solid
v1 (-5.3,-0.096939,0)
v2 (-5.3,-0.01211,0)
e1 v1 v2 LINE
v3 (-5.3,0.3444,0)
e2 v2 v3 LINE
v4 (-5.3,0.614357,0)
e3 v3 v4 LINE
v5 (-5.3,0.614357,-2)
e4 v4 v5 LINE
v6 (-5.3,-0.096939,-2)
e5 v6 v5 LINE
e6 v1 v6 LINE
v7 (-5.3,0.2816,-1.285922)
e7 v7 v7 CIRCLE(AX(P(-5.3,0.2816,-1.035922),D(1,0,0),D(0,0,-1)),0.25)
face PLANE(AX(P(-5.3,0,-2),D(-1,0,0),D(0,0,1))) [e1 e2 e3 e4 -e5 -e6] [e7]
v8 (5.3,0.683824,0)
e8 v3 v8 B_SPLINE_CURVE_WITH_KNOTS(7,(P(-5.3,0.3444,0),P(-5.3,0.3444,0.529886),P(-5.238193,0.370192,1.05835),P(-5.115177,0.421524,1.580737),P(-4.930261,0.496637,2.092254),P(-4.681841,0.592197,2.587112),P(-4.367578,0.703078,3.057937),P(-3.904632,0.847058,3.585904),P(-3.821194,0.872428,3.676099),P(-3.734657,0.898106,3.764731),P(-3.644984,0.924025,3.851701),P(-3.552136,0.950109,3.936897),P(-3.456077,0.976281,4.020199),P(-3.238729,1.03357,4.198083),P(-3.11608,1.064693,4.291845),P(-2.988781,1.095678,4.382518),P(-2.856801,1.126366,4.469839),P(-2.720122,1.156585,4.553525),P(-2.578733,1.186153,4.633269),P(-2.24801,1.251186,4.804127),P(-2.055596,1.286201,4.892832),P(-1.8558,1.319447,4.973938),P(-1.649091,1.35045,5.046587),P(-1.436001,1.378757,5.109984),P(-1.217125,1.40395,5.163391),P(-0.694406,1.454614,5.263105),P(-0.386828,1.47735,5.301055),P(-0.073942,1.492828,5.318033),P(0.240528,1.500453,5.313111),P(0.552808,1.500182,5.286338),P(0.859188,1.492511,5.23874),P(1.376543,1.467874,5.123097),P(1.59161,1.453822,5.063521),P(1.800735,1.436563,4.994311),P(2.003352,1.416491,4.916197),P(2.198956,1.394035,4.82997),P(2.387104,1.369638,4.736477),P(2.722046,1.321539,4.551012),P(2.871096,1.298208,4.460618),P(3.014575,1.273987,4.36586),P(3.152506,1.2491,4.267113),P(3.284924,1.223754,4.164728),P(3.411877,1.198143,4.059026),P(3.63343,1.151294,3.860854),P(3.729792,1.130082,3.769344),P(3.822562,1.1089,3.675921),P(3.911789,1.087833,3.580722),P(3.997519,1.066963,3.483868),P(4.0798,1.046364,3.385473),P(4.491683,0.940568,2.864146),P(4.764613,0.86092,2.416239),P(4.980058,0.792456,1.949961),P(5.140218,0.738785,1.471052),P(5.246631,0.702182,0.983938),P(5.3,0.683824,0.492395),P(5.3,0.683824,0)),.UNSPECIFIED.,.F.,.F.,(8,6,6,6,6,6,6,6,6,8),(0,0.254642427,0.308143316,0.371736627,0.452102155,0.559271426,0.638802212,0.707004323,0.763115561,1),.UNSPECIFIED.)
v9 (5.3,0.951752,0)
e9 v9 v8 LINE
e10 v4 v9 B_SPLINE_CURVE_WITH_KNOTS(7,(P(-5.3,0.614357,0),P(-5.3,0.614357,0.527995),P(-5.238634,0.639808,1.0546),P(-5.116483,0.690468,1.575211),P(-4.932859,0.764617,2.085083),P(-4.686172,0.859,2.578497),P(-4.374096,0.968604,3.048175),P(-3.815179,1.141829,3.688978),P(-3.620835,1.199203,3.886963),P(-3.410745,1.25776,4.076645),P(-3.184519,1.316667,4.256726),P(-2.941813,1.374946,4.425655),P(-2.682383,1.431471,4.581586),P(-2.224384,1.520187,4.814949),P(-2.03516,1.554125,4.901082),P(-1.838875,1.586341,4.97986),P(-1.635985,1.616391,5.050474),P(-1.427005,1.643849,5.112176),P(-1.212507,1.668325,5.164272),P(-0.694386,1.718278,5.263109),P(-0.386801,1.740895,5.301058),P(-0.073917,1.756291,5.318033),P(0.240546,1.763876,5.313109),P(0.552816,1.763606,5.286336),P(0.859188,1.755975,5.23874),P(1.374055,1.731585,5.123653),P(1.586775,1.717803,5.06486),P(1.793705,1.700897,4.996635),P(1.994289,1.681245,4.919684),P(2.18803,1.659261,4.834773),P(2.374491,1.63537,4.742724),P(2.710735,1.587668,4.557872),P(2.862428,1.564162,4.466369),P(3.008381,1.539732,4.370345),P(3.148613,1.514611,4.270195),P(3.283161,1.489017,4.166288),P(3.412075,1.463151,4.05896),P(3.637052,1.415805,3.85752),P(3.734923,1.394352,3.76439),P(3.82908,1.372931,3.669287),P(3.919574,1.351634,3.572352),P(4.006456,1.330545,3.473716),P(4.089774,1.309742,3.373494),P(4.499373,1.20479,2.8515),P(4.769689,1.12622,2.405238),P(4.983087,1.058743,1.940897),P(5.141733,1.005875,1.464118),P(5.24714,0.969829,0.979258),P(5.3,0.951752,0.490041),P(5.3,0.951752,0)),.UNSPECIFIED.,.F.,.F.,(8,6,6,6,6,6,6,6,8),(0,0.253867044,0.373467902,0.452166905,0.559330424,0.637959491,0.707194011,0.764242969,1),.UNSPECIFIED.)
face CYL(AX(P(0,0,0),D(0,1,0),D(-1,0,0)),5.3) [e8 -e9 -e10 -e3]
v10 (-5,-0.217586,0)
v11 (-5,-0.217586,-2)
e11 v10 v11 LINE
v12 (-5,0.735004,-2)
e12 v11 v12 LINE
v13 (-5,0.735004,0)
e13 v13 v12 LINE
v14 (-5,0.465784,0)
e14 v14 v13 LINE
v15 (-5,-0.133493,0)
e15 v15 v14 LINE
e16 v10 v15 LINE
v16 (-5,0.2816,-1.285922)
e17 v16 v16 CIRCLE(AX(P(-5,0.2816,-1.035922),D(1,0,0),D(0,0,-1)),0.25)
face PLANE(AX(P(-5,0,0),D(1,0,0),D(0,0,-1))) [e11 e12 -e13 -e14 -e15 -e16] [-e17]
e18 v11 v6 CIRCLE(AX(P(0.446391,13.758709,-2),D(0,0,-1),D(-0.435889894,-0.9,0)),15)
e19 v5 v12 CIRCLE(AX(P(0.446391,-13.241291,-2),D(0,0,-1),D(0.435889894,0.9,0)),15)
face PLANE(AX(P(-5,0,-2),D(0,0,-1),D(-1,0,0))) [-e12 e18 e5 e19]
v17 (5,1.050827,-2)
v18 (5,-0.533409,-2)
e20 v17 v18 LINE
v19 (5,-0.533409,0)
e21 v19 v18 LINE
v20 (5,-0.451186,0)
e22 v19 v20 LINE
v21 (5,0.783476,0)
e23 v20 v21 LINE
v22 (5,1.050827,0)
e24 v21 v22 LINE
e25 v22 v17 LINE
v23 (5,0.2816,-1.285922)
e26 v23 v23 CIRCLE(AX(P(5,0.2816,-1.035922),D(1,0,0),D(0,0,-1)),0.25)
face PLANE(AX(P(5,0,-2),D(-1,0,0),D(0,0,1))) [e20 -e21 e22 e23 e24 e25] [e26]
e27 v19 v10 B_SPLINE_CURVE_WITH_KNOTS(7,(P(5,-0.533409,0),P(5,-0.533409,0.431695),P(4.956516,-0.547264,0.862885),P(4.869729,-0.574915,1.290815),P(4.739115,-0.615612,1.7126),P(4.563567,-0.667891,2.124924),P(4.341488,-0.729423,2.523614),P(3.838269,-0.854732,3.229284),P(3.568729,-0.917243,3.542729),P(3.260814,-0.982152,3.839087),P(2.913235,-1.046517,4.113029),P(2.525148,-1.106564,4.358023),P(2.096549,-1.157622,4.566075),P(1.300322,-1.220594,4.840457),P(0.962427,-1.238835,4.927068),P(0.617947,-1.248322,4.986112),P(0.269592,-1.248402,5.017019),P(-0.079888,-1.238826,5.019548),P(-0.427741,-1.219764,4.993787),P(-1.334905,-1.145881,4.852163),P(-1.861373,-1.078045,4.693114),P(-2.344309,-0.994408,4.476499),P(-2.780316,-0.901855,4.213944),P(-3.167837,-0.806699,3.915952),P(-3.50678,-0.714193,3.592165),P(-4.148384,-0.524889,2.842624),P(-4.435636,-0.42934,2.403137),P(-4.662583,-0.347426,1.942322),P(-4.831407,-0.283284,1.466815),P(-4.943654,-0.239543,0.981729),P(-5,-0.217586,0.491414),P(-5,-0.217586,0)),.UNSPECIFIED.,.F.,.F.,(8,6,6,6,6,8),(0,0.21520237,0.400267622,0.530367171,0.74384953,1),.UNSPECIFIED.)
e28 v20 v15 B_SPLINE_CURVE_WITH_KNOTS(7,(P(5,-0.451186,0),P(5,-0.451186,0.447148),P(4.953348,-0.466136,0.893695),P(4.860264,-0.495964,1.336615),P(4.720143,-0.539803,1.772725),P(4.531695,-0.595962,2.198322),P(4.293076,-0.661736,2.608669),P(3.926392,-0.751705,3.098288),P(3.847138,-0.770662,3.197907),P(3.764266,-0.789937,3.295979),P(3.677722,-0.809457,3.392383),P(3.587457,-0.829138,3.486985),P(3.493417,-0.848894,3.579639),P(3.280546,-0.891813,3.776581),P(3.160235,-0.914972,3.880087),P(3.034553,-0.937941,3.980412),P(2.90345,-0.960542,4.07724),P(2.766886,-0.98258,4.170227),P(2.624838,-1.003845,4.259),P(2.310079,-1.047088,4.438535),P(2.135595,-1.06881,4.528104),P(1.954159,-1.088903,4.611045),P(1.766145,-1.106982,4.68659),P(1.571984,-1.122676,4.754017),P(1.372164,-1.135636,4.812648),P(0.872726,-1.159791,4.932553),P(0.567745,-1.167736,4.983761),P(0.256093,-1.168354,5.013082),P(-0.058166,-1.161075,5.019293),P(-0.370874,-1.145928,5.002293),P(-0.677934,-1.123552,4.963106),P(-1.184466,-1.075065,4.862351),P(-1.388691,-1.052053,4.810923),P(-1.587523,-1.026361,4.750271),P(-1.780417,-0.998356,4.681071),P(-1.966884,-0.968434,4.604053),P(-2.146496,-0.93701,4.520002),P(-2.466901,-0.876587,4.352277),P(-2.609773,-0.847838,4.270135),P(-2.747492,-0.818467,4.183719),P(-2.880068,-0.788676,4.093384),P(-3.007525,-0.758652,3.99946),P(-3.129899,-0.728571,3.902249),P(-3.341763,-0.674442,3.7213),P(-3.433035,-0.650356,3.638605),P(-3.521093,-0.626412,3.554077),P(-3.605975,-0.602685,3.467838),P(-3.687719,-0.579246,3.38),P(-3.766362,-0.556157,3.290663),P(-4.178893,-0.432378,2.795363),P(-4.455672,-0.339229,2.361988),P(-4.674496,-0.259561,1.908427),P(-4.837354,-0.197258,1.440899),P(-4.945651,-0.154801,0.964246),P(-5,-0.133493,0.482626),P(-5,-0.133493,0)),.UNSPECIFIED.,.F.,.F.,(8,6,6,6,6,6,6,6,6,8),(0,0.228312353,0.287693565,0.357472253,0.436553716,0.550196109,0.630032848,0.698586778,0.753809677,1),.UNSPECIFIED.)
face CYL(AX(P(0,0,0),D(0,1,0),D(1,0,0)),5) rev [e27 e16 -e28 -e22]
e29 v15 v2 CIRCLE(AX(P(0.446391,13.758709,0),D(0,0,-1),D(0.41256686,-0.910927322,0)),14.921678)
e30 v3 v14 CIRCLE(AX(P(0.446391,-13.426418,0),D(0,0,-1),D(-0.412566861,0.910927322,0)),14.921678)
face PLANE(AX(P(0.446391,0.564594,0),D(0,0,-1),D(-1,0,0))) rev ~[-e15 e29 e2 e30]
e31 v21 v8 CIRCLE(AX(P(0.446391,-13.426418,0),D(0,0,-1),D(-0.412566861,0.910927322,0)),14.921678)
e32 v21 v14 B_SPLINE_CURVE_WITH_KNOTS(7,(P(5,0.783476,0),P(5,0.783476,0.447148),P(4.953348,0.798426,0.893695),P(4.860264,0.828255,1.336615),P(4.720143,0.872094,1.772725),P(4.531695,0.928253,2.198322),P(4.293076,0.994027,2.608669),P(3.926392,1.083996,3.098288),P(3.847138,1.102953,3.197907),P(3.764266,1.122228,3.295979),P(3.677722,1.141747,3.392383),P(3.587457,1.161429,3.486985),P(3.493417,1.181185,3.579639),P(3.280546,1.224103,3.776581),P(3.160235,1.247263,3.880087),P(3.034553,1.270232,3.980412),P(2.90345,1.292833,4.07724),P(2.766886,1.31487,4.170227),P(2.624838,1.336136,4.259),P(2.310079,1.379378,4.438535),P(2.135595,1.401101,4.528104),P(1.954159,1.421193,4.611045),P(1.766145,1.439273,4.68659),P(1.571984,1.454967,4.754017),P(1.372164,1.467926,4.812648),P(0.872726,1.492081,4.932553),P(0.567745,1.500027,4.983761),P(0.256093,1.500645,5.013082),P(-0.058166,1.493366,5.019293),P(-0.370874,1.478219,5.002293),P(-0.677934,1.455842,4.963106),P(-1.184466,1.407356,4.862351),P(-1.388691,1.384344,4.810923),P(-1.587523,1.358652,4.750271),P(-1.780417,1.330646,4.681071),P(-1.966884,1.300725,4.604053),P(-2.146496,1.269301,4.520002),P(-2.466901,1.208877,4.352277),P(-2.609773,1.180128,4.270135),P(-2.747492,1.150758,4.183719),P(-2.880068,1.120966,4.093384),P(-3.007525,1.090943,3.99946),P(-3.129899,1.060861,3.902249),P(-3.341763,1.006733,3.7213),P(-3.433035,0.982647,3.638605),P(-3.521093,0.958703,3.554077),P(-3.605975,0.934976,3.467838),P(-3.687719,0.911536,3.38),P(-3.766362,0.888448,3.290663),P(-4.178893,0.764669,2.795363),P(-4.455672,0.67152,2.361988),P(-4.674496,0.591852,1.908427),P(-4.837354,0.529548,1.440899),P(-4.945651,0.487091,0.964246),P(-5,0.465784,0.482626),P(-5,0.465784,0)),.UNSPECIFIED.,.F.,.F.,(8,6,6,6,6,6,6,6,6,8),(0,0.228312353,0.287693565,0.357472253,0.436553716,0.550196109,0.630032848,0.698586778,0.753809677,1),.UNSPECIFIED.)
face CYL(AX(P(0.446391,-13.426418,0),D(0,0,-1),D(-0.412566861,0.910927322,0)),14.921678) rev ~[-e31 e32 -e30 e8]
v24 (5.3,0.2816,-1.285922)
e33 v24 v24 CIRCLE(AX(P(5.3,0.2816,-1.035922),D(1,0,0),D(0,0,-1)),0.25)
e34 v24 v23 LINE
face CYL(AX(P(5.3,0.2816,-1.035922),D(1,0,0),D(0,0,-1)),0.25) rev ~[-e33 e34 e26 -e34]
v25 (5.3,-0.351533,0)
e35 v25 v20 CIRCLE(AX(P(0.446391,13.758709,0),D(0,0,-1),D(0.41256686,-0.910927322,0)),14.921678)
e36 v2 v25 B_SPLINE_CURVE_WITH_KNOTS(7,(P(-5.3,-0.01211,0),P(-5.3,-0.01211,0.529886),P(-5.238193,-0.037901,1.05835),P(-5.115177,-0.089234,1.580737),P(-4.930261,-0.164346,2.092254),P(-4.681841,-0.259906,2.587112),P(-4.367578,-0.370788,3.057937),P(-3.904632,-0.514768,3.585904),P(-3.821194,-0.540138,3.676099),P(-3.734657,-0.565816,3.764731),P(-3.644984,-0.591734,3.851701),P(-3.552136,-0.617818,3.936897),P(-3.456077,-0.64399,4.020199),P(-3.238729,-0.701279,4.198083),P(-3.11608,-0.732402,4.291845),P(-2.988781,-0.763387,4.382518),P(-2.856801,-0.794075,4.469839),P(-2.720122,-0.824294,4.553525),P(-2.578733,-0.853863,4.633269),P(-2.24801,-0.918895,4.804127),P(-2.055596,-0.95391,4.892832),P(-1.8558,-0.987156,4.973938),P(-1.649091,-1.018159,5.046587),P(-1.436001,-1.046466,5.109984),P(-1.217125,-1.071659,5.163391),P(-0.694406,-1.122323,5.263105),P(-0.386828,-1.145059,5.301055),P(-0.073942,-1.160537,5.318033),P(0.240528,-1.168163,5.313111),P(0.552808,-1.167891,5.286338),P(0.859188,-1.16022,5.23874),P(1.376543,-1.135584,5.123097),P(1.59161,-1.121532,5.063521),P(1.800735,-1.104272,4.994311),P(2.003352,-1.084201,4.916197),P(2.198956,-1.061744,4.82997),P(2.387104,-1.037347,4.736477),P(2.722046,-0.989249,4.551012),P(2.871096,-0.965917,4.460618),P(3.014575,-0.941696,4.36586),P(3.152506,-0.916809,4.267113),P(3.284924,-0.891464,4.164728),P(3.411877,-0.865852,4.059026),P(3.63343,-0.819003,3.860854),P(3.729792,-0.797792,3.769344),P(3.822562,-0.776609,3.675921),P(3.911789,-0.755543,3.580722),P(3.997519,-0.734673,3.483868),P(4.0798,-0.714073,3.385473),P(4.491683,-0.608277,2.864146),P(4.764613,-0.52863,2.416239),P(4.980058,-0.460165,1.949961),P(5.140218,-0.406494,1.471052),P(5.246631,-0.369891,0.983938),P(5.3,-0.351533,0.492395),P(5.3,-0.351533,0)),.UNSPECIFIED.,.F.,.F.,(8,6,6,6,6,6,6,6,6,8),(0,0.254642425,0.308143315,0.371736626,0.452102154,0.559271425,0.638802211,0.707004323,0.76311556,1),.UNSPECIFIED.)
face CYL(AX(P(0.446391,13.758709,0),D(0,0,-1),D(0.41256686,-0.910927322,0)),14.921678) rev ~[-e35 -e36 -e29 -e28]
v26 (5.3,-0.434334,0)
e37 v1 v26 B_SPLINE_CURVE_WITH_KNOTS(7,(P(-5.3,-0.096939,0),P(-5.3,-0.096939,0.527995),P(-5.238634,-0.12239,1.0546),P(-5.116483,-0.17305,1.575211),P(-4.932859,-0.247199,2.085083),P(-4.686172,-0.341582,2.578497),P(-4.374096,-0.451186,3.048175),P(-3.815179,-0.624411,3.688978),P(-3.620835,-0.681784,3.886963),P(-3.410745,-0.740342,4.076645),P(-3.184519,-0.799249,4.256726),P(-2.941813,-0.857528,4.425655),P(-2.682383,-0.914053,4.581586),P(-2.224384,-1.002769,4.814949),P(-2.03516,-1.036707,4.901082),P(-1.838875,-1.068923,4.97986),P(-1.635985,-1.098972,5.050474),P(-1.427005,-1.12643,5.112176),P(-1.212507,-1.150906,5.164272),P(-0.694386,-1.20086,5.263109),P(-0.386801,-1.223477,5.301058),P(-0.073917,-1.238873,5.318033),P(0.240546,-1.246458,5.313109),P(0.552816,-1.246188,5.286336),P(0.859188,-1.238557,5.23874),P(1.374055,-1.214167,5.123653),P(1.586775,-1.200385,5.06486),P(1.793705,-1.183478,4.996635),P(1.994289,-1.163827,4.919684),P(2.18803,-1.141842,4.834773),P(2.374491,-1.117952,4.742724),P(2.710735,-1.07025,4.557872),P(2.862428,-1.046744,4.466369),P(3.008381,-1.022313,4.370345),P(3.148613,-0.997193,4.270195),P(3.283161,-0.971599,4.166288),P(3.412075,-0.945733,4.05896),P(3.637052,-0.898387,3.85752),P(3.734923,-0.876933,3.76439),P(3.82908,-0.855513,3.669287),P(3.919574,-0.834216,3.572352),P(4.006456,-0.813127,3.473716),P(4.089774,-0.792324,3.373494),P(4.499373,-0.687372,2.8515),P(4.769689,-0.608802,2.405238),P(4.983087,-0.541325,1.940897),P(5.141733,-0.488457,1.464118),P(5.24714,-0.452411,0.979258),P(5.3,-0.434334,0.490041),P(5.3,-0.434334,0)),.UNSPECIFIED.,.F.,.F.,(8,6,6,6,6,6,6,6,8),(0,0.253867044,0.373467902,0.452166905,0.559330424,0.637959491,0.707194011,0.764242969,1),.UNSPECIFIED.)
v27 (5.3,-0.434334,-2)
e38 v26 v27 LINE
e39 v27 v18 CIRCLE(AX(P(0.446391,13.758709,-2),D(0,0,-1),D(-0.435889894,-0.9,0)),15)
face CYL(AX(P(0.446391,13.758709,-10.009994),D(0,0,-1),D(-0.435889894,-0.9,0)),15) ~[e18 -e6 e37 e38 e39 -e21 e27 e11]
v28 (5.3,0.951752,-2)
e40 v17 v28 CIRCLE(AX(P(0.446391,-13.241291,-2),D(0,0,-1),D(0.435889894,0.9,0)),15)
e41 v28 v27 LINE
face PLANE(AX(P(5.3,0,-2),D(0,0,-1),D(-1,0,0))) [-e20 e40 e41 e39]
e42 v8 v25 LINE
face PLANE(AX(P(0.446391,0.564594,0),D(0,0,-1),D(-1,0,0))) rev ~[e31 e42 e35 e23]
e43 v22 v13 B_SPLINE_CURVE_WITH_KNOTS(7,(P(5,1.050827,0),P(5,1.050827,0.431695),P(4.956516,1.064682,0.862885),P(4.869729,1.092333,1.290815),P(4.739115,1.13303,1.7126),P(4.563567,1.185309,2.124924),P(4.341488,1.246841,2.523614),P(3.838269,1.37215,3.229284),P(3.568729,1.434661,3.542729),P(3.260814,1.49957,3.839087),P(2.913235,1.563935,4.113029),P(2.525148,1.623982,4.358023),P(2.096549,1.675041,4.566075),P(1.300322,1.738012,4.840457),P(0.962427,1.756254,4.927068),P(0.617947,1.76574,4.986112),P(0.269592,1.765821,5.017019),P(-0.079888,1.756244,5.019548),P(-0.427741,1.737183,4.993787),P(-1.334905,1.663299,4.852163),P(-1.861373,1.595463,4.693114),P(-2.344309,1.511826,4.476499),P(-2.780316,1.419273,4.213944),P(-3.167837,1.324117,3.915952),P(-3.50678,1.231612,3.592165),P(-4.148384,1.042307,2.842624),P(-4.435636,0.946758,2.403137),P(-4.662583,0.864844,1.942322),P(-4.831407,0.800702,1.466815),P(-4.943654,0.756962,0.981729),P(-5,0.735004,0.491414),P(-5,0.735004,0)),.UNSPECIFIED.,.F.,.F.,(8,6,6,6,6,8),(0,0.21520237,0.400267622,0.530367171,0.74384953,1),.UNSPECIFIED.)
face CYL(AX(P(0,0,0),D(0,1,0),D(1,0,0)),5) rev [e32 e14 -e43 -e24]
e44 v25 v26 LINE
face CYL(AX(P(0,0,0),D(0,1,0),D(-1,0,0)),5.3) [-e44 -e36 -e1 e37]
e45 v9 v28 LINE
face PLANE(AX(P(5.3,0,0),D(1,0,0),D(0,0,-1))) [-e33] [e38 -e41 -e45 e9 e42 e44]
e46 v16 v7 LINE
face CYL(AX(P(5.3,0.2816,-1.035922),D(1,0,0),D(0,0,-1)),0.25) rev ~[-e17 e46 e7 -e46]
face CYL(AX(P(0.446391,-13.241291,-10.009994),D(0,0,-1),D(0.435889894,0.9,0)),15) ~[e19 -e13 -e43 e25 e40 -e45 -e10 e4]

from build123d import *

# Parameters (mm, degrees)
EXTRUDE_1_DEPTH          = 5
CUT_EXTRUDE_1_DEPTH      = 10.009994451
CUT_EXTRUDE_1_DEPTH_BACK = 10.009994451
SKETCH_2_OUTSIDE_W       = 15.86
SKETCH_2_OUTSIDE_H       = 15.26
CUT_EXTRUDE_3_DEPTH      = 8.698899932
SKETCH_4_R               = 0.25
CUT_EXTRUDE_4_DEPTH      = 12.980945757


with BuildPart() as part:
    # 草图1 → 拉伸-薄壁1 (new, symmetric)
    with BuildSketch(Plane(origin=(0, 0, 0), x_dir=(1, 0, 0), z_dir=(0, 1, 0))):
        with BuildLine():
            Line((5, 2), (5, 0))
            ThreePointArc((5, 0), (0, -5), (-5, 0))
            Line((-5, 0), (-5, 2))
            Line((-5, 2), (-5.3, 2))
            Line((-5.3, 2), (-5.3, 0))
            ThreePointArc((-5.3, 0), (0, -5.3), (5.3, 0))
            Line((5.3, 0), (5.3, 2))
            Line((5.3, 2), (5, 2))
        make_face()
    extrude(amount=EXTRUDE_1_DEPTH, both=True)

    # 草图2 outside → 切除-拉伸1 (cut, two sides: drawn at the far end of the back side and taken through both)
    with BuildSketch(Plane.XY.offset(-CUT_EXTRUDE_1_DEPTH_BACK)):
        Rectangle(SKETCH_2_OUTSIDE_W, SKETCH_2_OUTSIDE_H)
        with BuildLine():
            ThreePointArc((-6.091957351, 0.258709088), (0.446391065, -1.241290912), (6.98473948, 0.258709088))
            ThreePointArc((6.98473948, 0.258709088), (0.446391065, 1.758709088), (-6.091957351, 0.258709088))
        make_face(mode=Mode.SUBTRACT)
    extrude(amount=CUT_EXTRUDE_1_DEPTH + CUT_EXTRUDE_1_DEPTH_BACK, mode=Mode.SUBTRACT)

    # 草图3 → 切除-拉伸3 (cut, through all)
    with BuildSketch(Plane.XY):
        with BuildLine():
            ThreePointArc((-5.709798578, 0.166145361), (0.446391065, 1.49525914), (6.602580707, 0.166145361))
            Line((6.602580707, 0.166145361), (-5.709798578, 0.166145361))
        make_face()
        with BuildLine():
            Line((-5.709798578, 0.166145361), (6.602580707, 0.166145361))
            ThreePointArc((6.602580707, 0.166145361), (0.446391065, -1.162968417), (-5.709798578, 0.166145361))
        make_face()
    extrude(amount=CUT_EXTRUDE_3_DEPTH, mode=Mode.SUBTRACT)

    # 草图4 → 切除-拉伸4 (cut, through all)
    with BuildSketch(Plane(origin=(5.3, 0, 0), x_dir=(0, 0, -1), z_dir=(1, 0, 0))):
        with Locations((1.035921509, 0.281600465)):
            Circle(SKETCH_4_R)
    extrude(amount=-CUT_EXTRUDE_4_DEPTH, mode=Mode.SUBTRACT)


solid = part.part
